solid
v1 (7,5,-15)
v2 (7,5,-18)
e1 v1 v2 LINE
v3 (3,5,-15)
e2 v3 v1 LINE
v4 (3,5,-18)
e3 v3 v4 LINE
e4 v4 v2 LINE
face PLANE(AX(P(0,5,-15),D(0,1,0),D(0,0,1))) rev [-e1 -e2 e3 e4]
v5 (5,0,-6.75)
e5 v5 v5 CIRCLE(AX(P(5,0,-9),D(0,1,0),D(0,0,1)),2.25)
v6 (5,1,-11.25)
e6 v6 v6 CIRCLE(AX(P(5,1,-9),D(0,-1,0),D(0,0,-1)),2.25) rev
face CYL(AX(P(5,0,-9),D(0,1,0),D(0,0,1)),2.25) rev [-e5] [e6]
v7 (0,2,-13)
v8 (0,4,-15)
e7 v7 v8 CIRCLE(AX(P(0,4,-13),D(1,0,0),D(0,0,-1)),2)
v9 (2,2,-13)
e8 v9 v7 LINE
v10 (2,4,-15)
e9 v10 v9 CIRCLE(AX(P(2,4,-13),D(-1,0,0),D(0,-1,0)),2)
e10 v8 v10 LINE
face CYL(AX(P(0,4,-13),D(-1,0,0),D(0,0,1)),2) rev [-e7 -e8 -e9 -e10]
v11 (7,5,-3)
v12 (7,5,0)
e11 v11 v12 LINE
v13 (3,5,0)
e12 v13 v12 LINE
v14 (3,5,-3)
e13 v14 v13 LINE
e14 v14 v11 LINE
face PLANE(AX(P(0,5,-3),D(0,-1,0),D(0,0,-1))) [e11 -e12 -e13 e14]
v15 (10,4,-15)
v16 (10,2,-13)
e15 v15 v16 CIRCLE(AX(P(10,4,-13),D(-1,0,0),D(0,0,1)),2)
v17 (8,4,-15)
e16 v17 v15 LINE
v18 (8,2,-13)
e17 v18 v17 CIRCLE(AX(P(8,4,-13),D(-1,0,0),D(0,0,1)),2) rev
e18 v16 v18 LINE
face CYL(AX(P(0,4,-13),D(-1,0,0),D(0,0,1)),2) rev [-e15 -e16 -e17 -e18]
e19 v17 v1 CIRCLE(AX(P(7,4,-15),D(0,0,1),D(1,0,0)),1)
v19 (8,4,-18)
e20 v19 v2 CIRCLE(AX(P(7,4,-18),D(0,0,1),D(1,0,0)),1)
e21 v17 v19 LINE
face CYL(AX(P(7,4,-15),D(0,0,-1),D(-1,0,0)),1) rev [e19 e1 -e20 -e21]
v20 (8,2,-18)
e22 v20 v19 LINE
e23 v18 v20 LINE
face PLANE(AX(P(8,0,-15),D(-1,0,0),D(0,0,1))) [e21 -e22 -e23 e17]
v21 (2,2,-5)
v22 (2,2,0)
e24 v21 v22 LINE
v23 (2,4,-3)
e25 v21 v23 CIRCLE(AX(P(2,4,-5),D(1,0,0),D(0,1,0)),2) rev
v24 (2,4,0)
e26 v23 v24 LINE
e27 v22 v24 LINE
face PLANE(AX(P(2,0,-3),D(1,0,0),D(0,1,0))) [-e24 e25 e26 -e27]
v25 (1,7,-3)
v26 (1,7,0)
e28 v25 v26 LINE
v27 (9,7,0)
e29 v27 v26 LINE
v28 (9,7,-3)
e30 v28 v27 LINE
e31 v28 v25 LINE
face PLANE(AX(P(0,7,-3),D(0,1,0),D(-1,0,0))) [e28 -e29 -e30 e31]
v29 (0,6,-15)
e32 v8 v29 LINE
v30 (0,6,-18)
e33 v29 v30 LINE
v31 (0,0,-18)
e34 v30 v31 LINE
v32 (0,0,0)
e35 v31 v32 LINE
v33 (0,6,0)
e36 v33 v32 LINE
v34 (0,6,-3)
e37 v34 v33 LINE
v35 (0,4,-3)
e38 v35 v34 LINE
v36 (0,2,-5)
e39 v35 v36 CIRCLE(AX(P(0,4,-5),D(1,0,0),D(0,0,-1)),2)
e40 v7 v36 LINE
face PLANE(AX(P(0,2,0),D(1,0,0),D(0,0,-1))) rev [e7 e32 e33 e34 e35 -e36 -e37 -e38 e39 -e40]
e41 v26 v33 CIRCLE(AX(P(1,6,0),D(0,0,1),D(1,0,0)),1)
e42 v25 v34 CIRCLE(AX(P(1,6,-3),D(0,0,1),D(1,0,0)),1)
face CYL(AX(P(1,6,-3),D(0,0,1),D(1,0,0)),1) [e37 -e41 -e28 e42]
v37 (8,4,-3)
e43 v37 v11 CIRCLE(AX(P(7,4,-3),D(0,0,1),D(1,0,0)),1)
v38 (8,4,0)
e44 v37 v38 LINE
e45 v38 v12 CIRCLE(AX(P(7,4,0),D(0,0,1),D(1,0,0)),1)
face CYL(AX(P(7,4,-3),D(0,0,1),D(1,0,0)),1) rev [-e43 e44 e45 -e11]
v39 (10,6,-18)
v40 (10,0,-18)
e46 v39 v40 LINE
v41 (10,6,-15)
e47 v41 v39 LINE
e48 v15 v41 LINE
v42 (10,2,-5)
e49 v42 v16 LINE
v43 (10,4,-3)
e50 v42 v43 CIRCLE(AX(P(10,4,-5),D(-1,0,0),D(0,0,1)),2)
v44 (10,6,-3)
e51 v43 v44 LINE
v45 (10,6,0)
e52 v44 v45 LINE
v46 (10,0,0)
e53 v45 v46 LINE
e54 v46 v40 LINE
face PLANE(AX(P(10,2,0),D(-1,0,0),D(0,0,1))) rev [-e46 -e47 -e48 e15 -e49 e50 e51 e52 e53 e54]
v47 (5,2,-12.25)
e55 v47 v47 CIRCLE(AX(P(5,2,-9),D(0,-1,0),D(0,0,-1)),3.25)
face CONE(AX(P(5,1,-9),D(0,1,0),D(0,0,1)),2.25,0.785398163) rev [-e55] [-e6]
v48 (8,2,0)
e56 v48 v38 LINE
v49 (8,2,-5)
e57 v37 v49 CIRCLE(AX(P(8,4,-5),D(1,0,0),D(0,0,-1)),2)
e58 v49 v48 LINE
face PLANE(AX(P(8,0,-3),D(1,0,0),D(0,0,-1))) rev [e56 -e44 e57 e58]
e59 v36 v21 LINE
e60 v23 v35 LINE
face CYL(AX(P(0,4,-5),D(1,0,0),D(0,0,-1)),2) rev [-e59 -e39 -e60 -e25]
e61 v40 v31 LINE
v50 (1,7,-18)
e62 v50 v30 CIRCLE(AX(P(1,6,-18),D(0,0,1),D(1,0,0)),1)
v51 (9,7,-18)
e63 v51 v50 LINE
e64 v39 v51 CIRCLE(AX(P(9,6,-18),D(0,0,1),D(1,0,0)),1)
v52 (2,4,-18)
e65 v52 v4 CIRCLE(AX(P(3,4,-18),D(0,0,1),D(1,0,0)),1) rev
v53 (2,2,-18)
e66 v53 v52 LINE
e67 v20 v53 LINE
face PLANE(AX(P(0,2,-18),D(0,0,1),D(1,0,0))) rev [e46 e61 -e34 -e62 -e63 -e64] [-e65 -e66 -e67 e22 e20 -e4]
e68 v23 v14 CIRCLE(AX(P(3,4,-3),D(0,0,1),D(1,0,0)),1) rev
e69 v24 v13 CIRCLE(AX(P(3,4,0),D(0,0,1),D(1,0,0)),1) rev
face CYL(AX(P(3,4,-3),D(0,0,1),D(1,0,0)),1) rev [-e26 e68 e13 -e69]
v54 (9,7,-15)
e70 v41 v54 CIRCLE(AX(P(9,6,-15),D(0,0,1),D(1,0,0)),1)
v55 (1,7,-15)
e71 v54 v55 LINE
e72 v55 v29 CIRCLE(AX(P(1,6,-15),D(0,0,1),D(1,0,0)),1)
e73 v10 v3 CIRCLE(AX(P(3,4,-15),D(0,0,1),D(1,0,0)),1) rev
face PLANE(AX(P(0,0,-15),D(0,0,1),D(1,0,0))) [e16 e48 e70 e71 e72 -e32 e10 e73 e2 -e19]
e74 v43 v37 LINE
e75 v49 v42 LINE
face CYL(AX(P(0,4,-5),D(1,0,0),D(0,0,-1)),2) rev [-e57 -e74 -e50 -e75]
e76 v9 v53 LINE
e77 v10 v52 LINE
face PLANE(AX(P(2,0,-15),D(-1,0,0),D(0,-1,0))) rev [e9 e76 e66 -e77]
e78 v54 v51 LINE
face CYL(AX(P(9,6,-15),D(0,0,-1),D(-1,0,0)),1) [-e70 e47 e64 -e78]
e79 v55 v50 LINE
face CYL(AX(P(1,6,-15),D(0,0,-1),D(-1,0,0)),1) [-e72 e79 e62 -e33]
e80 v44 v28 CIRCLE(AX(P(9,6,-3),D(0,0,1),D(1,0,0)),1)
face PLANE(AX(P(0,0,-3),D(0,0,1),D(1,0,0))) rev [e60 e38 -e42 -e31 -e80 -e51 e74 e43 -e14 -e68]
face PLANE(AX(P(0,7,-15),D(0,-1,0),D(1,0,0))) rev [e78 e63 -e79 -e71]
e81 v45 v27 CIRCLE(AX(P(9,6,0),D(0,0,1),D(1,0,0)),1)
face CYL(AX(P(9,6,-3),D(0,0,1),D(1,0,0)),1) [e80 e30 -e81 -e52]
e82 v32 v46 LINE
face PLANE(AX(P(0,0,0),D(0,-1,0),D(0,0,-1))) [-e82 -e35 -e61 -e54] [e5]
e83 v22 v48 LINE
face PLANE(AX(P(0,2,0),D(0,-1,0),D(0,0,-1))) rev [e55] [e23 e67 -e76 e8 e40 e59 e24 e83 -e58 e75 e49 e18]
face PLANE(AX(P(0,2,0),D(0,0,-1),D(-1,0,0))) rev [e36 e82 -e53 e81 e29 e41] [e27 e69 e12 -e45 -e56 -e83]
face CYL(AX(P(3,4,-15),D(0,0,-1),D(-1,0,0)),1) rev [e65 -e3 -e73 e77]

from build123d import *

# Parameters (mm, degrees)
SKETCH_1_W          = 10
SKETCH_1_H          = 18
EXTRUDE_1_DEPTH     = 2
SKETCH_2_R          = 2.25
CUT_EXTRUDE_1_DEPTH = 2
EXTRUDE_2_DEPTH     = 3
CHAMFER_1_SIZE      = 1
EXTRUDE_START       = -18
EXTRUDE_3_DEPTH     = 3
FILLET_1_R          = 2


with BuildPart() as part:
    # Эскиз1 → Бобышка-Вытянуть1 (new body)
    with BuildSketch(Plane(origin=(0, 0, 0), x_dir=(1, 0, 0), z_dir=(0, 1, 0))):
        with Locations((5, 9)):
            Rectangle(SKETCH_1_W, SKETCH_1_H)
    extrude(amount=EXTRUDE_1_DEPTH)

    # Эскиз2 → Вырез-Вытянуть1 (cut)
    with BuildSketch(Plane(origin=(0, 2, 0), x_dir=(1, 0, 0), z_dir=(0, 1, 0))):
        with Locations(Location((5, 9, 0), (0, 0, 270))):
            Circle(SKETCH_2_R)
    extrude(amount=-CUT_EXTRUDE_1_DEPTH, mode=Mode.SUBTRACT)

    # Эскиз4 → Бобышка-Вытянуть2 (add)
    with BuildSketch(Plane.XY):
        with BuildLine():
            Line((0, 6), (0, 2))
            Line((0, 2), (2, 2))
            Line((2, 2), (2, 4))
            ThreePointArc((2, 4), (2.292893219, 4.707106781), (3, 5))
            Line((3, 5), (7, 5))
            ThreePointArc((7, 5), (7.707106781, 4.707106781), (8, 4))
            Line((8, 4), (8, 2))
            Line((8, 2), (10, 2))
            Line((10, 2), (10, 6))
            ThreePointArc((10, 6), (9.707106781, 6.707106781), (9, 7))
            Line((9, 7), (8, 7))
            Line((8, 7), (2, 7))
            Line((2, 7), (1, 7))
            ThreePointArc((1, 7), (0.292893219, 6.707106781), (0, 6))
        make_face()
    extrude(amount=-EXTRUDE_2_DEPTH)

    # Фаска1
    chamfer_1_edges = [part.edges().sort_by_distance(p)[0] for p in [
        (5, 2, -11.25),
    ]]
    chamfer(chamfer_1_edges, length=CHAMFER_1_SIZE)

    # Эскиз4<3> → Бобышка-Вытянуть3 (add)
    with BuildSketch(Plane.XY.offset(EXTRUDE_START)):
        with BuildLine():
            Line((0, 2), (2, 2))
            Line((2, 2), (2, 4))
            ThreePointArc((2, 4), (2.292893219, 4.707106781), (3, 5))
            Line((3, 5), (7, 5))
            ThreePointArc((7, 5), (7.707106781, 4.707106781), (8, 4))
            Line((8, 4), (8, 2))
            Line((8, 2), (10, 2))
            Line((10, 2), (10, 6))
            ThreePointArc((10, 6), (9.707106781, 6.707106781), (9, 7))
            Line((9, 7), (8, 7))
            Line((8, 7), (2, 7))
            Line((2, 7), (1, 7))
            ThreePointArc((1, 7), (0.292893219, 6.707106781), (0, 6))
            Line((0, 6), (0, 2))
        make_face()
    extrude(amount=EXTRUDE_3_DEPTH)

    # Скругление1
    fillet_1_edges = [part.edges().sort_by_distance(p)[0] for p in [
        (9, 2, -3),
        (1, 2, -3),
        (1, 2, -15),
        (9, 2, -15),
    ]]
    fillet(fillet_1_edges, radius=FILLET_1_R)


solid = part.part
